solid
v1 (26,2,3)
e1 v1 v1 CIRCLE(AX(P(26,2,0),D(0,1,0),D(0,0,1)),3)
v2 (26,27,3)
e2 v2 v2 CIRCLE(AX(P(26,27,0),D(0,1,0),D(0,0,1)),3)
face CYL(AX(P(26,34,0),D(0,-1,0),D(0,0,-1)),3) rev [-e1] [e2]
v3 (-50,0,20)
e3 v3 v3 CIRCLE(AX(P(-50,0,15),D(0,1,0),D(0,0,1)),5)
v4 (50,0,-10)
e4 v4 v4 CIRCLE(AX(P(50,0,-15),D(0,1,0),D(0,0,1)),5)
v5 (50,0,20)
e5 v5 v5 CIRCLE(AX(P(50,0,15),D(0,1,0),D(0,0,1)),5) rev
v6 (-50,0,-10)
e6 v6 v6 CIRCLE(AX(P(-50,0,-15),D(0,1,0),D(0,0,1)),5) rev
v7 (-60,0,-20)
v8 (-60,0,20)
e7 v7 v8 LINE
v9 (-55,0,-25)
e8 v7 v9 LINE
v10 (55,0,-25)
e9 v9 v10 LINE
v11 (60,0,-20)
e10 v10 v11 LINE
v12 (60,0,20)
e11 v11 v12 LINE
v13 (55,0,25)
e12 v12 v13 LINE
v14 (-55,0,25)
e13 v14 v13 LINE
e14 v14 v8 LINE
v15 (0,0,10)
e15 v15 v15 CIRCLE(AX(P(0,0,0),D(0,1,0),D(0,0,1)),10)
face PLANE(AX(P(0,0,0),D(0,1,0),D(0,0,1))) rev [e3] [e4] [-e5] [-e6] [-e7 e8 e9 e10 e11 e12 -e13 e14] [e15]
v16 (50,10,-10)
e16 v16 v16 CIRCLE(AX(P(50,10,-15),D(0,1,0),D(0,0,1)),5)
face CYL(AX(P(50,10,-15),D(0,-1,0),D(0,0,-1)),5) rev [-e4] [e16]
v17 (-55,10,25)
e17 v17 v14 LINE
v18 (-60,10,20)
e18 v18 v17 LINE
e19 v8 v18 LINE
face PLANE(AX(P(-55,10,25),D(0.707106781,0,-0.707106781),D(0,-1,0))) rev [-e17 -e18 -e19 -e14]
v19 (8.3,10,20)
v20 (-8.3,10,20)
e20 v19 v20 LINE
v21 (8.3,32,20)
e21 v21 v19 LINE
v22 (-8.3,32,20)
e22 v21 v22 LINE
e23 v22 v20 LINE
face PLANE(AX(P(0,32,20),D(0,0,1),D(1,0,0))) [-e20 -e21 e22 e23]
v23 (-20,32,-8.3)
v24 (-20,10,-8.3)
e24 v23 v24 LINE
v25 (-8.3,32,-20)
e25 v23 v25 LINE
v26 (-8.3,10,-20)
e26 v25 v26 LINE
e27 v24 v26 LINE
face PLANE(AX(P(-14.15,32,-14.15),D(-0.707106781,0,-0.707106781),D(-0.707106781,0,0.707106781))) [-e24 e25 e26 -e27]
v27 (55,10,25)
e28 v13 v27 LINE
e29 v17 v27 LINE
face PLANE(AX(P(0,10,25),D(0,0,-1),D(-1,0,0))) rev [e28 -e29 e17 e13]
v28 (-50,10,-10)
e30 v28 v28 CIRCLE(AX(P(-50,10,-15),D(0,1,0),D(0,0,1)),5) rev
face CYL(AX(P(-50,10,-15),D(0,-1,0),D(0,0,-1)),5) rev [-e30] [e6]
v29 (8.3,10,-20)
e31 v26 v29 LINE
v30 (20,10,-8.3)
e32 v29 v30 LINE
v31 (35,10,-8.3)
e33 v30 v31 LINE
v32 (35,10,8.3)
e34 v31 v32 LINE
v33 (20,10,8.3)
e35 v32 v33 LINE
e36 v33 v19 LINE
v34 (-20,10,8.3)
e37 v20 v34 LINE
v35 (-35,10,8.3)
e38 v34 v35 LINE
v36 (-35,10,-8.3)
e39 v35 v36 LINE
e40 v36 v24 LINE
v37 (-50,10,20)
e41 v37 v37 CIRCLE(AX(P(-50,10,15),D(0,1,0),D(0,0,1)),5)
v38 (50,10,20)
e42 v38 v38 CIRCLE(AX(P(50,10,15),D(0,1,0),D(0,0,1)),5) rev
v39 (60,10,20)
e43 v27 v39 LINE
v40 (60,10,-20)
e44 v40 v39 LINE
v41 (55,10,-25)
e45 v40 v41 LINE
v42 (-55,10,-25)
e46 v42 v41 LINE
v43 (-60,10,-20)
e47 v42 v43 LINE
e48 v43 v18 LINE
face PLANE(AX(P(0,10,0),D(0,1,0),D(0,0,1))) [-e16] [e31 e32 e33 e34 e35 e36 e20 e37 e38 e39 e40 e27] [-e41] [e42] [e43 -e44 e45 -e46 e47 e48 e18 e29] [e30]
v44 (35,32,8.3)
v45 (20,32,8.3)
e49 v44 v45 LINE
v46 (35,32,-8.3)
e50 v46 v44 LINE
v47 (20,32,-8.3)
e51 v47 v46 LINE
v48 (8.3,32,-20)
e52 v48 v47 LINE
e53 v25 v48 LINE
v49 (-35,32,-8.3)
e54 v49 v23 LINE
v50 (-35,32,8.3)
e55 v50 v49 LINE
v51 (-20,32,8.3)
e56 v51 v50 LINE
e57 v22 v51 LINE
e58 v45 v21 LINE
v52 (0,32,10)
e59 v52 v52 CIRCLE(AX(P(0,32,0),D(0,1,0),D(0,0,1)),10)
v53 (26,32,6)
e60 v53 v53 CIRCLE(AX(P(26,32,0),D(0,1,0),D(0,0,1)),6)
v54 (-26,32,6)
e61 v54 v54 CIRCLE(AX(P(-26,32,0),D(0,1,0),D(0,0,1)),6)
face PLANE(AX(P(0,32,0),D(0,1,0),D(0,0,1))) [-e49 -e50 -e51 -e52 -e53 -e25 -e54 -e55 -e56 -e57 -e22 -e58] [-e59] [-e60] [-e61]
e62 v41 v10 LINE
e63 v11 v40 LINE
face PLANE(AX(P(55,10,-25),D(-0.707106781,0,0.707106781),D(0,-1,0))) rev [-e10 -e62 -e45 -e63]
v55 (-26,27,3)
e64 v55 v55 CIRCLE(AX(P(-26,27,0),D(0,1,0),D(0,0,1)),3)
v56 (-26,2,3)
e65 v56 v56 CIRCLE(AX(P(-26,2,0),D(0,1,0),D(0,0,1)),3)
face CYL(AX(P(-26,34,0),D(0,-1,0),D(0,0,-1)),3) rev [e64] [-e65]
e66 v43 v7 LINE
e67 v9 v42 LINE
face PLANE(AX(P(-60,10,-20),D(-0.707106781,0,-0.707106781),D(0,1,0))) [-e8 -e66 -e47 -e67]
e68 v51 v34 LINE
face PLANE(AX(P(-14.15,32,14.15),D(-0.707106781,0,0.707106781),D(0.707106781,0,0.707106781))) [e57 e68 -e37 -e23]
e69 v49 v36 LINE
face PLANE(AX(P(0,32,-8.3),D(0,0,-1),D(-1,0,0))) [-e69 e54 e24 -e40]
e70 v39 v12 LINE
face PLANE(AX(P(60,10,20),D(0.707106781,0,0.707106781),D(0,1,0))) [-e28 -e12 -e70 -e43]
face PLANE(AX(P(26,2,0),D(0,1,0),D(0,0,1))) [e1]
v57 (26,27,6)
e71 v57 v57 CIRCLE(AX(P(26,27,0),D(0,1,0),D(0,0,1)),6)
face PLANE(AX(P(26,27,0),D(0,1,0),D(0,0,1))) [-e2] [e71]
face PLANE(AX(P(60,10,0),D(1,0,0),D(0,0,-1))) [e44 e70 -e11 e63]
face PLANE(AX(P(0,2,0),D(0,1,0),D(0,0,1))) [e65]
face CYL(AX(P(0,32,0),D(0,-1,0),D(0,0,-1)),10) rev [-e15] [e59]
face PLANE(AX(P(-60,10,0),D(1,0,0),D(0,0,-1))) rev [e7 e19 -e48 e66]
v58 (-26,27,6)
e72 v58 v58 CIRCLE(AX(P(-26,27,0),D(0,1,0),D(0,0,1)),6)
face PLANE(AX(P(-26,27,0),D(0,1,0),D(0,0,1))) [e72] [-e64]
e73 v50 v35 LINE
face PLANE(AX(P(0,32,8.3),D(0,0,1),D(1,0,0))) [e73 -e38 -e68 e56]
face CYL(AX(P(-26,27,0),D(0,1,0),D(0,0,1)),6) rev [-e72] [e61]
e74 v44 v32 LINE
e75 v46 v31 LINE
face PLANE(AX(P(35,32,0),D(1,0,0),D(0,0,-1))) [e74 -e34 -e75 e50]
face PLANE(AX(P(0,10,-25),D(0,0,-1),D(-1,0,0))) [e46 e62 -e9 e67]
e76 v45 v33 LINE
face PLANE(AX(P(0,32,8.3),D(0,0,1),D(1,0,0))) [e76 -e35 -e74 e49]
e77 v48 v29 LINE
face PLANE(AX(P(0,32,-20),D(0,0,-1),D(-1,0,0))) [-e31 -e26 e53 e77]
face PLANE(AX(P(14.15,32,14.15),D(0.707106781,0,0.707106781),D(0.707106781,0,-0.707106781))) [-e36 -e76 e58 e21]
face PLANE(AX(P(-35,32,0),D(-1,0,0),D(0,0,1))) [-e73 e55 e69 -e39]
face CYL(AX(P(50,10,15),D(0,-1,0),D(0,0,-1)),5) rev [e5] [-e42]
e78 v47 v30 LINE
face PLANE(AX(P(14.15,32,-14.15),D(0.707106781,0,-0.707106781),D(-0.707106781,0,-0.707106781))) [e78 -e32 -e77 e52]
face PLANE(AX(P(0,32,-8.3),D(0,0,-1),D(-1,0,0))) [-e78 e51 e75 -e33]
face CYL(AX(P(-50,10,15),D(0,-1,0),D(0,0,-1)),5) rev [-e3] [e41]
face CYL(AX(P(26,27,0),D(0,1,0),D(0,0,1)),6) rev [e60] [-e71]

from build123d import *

# Parameters (mm, degrees)
SKETCH1_W           = 120
SKETCH1_H           = 50
SKETCH1_R           = 5
BOSS_EXTRUDE4_DEPTH = 10
SKETCH1_6_R         = 6
SKETCH1_6_R_2       = 10
SKETCH1_6_R_3       = 3
BOSS_EXTRUDE5_DEPTH = 32
CUT_EXTRUDE1_START  = 2
SKETCH1_9_R         = 3
CUT_EXTRUDE1_DEPTH  = 32
CUT_EXTRUDE2_START  = 32
SKETCH1_10_R        = 6
CUT_EXTRUDE2_DEPTH  = 5
CHAMFER1_SIZE       = 5


with BuildPart() as part:
    # Sketch1 → Boss-Extrude4 (new body)
    with BuildSketch(Plane(origin=(0, 0, 0), x_dir=(1, 0, 0), z_dir=(0, 1, 0))):
        Rectangle(SKETCH1_W, SKETCH1_H)
        with Locations(Location((50, -15, 0), (0, 0, 270))):
            Circle(SKETCH1_R, mode=Mode.SUBTRACT)
        with Locations(Location((50, 15, 0), (0, 0, 270))):
            Circle(SKETCH1_R, mode=Mode.SUBTRACT)
        with Locations(Location((-50, -15, 0), (0, 0, 270))):
            Circle(SKETCH1_R, mode=Mode.SUBTRACT)
        with Locations(Location((-50, 15, 0), (0, 0, 270))):
            Circle(SKETCH1_R, mode=Mode.SUBTRACT)
        Polygon((-8.3, -20), (-20, -8.3), (-35, -8.3), (-35, 8.3), (-20, 8.3), (-8.3, 20), (8.3, 20), (20, 8.3), (35, 8.3), (35, -8.3), (20, -8.3), (8.3, -20), align=None, mode=Mode.SUBTRACT)
    extrude(amount=BOSS_EXTRUDE4_DEPTH)

    # Sketch1<6> → Boss-Extrude5 (add)
    # profile 1 of 5: a face of its own
    with BuildSketch(Plane(origin=(0, 0, 0), x_dir=(1, 0, 0), z_dir=(0, 1, 0))):
        Polygon((-20, -8.3), (-35, -8.3), (-35, 8.3), (-20, 8.3), (-8.3, 20), (8.3, 20), (20, 8.3), (35, 8.3), (35, -8.3), (20, -8.3), (8.3, -20), (-8.3, -20), align=None)
        with Locations((26, 0)):
            Circle(SKETCH1_6_R, mode=Mode.SUBTRACT)
        with Locations((-26, 0)):
            Circle(SKETCH1_6_R, mode=Mode.SUBTRACT)
        with Locations(Location((0, 0, 0), (0, 0, 270))):
            Circle(SKETCH1_6_R_2, mode=Mode.SUBTRACT)
    # profile 2 of 5: a face of its own
    with BuildSketch(Plane(origin=(0, 0, 0), x_dir=(1, 0, 0), z_dir=(0, 1, 0))):
        with Locations((-26, 0)):
            Circle(SKETCH1_6_R)
        with Locations((-26, 0)):
            Circle(SKETCH1_6_R_3, mode=Mode.SUBTRACT)
    # profile 3 of 5: a face of its own
    with BuildSketch(Plane(origin=(0, 0, 0), x_dir=(1, 0, 0), z_dir=(0, 1, 0))):
        with Locations((-26, 0)):
            Circle(SKETCH1_6_R_3)
    # profile 4 of 5: a face of its own
    with BuildSketch(Plane(origin=(0, 0, 0), x_dir=(1, 0, 0), z_dir=(0, 1, 0))):
        with Locations((26, 0)):
            Circle(SKETCH1_6_R)
        with Locations((26, 0)):
            Circle(SKETCH1_6_R_3, mode=Mode.SUBTRACT)
    # profile 5 of 5: a face of its own
    with BuildSketch(Plane(origin=(0, 0, 0), x_dir=(1, 0, 0), z_dir=(0, 1, 0))):
        with Locations((26, 0)):
            Circle(SKETCH1_6_R_3)
    extrude(amount=BOSS_EXTRUDE5_DEPTH)

    # Sketch1<9> → Cut-Extrude1 (cut)
    with BuildSketch(Plane(origin=(0, 0, 0), x_dir=(1, 0, 0), z_dir=(0, 1, 0)).offset(CUT_EXTRUDE1_START)):
        with Locations(Location((-26, 0, 0), (0, 0, 270))):
            Circle(SKETCH1_9_R)
        with Locations(Location((26, 0, 0), (0, 0, 270))):
            Circle(SKETCH1_9_R)
    extrude(amount=CUT_EXTRUDE1_DEPTH, mode=Mode.SUBTRACT)

    # Sketch1<10> → Cut-Extrude2 (cut)
    with BuildSketch(Plane(origin=(0, 0, 0), x_dir=(1, 0, 0), z_dir=(0, 1, 0)).offset(CUT_EXTRUDE2_START)):
        with Locations(Location((-26, 0, 0), (0, 0, 270))):
            Circle(SKETCH1_10_R)
        with Locations(Location((26, 0, 0), (0, 0, 270))):
            Circle(SKETCH1_10_R)
    extrude(amount=-CUT_EXTRUDE2_DEPTH, mode=Mode.SUBTRACT)

    # Chamfer1
    chamfer1_edges = [part.edges().sort_by_distance(p)[0] for p in [
        (60, 5, 25),
        (-60, 5, 25),
        (-60, 5, -25),
        (60, 5, -25),
    ]]
    chamfer(chamfer1_edges, length=CHAMFER1_SIZE)


solid = part.part
